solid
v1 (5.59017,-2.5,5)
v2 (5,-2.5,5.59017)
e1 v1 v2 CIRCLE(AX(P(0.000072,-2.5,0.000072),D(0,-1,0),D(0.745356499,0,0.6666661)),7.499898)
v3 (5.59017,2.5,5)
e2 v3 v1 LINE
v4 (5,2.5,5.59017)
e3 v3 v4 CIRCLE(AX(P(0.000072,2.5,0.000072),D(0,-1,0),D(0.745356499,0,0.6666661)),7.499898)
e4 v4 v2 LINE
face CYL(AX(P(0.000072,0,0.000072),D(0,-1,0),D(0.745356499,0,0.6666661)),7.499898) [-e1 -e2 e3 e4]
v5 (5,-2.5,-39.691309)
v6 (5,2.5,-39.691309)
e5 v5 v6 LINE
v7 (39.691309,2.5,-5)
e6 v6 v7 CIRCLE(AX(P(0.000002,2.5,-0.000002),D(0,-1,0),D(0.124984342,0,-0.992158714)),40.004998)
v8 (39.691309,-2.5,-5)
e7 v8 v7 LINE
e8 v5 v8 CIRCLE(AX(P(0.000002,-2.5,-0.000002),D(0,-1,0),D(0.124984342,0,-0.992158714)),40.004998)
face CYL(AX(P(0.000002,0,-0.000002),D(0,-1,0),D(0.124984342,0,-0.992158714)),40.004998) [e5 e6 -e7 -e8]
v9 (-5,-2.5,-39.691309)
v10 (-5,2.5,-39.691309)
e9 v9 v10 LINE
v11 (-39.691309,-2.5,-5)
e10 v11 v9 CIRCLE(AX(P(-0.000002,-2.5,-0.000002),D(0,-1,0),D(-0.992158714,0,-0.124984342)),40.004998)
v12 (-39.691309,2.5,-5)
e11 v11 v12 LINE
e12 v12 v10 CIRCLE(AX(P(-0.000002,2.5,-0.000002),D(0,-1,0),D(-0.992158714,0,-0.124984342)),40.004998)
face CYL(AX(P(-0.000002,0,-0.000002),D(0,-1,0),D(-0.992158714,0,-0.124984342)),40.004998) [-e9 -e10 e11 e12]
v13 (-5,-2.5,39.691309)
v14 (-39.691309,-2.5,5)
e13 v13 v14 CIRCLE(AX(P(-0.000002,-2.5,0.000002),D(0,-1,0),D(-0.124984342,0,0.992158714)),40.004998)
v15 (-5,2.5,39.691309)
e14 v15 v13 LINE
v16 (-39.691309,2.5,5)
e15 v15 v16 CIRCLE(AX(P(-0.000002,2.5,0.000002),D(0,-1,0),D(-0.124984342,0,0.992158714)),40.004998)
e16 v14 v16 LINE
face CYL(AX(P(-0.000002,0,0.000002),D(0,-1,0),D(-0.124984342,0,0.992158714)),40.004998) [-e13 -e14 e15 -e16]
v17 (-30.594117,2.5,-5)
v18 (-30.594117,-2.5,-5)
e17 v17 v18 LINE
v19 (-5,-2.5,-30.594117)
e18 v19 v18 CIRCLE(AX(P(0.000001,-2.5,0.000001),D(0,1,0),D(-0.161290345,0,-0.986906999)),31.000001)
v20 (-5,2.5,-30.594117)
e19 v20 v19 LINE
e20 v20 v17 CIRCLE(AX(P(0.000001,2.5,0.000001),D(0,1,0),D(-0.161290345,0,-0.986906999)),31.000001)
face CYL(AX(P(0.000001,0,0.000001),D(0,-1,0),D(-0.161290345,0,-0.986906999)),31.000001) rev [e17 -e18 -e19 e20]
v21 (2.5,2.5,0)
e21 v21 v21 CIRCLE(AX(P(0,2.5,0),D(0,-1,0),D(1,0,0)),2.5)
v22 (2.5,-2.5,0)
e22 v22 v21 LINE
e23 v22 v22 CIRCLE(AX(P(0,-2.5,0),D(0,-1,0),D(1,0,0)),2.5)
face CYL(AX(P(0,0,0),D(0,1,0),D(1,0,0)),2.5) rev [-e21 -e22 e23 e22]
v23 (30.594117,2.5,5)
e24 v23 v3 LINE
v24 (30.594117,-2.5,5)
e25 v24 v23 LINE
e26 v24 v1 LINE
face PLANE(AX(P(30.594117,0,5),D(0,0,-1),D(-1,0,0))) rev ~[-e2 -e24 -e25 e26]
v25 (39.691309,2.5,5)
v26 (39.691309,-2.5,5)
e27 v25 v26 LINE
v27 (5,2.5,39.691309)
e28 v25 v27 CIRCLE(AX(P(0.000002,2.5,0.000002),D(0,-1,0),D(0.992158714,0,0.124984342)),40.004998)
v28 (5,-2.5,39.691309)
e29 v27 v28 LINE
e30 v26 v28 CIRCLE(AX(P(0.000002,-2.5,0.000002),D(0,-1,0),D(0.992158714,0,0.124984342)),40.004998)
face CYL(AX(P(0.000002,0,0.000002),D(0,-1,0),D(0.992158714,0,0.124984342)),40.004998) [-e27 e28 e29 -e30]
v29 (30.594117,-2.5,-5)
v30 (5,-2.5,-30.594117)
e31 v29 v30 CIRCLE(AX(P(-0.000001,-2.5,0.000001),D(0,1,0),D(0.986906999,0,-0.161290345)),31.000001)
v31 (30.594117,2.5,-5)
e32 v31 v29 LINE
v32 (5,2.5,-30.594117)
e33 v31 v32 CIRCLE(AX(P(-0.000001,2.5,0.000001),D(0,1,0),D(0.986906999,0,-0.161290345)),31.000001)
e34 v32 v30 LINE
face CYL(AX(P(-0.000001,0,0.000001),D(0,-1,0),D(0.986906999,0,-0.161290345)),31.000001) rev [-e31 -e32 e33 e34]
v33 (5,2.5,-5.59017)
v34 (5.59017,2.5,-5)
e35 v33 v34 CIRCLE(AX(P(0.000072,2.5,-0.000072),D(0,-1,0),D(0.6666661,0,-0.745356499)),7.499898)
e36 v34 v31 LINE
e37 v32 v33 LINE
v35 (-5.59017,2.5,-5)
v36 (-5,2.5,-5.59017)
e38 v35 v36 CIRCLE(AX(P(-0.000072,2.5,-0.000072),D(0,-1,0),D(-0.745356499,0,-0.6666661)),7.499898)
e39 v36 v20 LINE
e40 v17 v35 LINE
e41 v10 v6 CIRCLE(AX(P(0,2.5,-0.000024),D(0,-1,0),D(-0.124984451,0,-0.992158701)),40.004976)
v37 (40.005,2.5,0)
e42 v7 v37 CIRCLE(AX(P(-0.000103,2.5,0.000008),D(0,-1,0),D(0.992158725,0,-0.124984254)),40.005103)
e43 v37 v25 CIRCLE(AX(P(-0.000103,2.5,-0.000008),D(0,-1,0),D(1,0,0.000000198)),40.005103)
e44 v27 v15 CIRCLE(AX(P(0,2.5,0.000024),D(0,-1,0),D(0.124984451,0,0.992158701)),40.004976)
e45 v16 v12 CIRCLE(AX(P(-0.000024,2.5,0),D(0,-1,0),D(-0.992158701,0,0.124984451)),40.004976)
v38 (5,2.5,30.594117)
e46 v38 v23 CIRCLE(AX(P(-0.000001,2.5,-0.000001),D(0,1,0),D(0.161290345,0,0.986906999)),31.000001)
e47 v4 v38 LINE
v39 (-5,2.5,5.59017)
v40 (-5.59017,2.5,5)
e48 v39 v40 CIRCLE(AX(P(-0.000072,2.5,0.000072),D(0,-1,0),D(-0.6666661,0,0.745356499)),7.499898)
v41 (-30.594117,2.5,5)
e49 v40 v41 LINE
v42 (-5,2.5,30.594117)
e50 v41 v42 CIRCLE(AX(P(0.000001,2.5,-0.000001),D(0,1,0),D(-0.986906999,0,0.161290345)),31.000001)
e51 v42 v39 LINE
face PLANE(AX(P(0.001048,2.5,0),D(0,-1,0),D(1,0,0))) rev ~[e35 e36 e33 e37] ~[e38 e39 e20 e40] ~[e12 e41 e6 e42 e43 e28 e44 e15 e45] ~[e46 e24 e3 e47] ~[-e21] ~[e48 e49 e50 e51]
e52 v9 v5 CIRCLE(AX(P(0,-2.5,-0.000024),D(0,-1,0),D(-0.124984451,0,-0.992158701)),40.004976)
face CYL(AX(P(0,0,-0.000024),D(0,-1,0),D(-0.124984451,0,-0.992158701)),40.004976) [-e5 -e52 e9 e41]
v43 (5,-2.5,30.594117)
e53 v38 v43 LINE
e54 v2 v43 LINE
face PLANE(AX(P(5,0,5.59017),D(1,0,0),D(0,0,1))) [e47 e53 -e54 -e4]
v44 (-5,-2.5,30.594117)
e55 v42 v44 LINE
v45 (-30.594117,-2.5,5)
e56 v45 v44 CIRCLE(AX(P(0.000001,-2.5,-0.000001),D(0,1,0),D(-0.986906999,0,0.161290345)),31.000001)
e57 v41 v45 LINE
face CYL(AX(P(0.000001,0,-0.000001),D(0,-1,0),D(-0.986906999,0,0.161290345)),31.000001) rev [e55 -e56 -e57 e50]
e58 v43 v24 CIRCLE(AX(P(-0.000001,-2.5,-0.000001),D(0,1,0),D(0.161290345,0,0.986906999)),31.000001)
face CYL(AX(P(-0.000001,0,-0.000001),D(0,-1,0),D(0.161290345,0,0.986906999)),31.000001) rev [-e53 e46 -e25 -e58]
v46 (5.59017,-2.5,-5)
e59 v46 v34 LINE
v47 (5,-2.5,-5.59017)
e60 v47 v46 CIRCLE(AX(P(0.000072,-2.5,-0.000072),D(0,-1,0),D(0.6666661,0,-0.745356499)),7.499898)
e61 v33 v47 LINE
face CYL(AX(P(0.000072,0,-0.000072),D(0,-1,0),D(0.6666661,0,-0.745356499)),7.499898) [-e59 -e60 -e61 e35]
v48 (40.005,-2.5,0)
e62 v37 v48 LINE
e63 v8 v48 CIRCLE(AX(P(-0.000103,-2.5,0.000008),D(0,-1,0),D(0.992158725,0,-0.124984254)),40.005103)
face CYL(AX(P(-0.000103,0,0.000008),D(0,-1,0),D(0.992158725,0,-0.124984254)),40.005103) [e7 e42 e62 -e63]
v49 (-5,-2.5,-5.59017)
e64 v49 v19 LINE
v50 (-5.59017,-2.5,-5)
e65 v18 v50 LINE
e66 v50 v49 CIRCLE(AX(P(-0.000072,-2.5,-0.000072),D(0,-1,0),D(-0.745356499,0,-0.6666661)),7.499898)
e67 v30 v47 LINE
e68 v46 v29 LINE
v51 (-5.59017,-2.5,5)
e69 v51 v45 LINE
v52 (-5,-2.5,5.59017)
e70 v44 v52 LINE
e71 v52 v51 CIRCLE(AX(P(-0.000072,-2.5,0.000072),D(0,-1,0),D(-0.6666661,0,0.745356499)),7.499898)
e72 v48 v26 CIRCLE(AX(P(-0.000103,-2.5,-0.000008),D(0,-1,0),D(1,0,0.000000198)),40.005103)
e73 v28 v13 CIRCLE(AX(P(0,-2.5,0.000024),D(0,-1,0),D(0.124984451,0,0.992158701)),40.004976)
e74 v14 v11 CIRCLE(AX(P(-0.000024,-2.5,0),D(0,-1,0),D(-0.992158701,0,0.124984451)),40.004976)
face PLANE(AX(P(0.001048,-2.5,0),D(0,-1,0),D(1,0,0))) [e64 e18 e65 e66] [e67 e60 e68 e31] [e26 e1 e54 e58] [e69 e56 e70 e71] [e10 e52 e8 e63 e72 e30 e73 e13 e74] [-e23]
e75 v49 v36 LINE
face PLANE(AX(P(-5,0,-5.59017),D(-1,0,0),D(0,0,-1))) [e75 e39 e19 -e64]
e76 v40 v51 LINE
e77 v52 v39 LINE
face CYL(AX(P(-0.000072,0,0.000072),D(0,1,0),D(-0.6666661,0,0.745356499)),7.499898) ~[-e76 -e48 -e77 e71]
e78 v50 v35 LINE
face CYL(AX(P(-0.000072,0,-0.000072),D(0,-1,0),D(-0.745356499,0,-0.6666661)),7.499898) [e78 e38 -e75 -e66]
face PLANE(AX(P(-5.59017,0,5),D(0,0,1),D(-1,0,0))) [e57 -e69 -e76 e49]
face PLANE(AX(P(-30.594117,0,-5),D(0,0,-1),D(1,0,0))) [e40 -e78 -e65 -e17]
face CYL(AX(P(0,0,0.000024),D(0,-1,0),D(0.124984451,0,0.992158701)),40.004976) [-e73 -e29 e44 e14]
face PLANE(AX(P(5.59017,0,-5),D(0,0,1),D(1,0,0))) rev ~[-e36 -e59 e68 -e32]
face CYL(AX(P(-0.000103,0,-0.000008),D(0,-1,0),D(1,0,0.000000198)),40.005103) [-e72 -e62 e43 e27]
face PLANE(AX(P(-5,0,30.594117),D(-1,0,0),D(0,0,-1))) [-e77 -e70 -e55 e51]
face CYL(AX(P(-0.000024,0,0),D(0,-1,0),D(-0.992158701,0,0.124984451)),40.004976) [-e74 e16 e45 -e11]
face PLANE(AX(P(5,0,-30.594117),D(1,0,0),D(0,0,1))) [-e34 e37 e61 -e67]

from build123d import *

# Parameters (mm, degrees)
F0_R     = 2.5
F1_DEPTH = 2.5


with BuildPart() as f1:
    # F0 (on Front) → F1 (new body, symmetric)
    with BuildSketch(Plane.XZ):
        with BuildLine():
            ThreePointArc((39.691309, -5), (39.9265, -2.504915), (40.005, 0))
            ThreePointArc((40.005, 0), (39.9265, 2.504915), (39.691309, 5))
            ThreePointArc((39.691309, 5), (28.287807, 28.287807), (5, 39.691309))
            ThreePointArc((5, 39.691309), (0, 40.005), (-5, 39.691309))
            ThreePointArc((-5, 39.691309), (-28.287807, 28.287807), (-39.691309, 5))
            ThreePointArc((-39.691309, 5), (-40.005, 0), (-39.691309, -5))
            ThreePointArc((-39.691309, -5), (-28.287807, -28.287807), (-5, -39.691309))
            ThreePointArc((-5, -39.691309), (0, -40.005), (5, -39.691309))
            ThreePointArc((5, -39.691309), (28.287807, -28.287807), (39.691309, -5))
        make_face()
        with BuildLine():
            ThreePointArc((-5, -30.594117), (-21.92031, -21.92031), (-30.594117, -5))
            Line((-30.594117, -5), (-5.59017, -5))
            ThreePointArc((-5.59017, -5), (-5.303301, -5.303301), (-5, -5.59017))
            Line((-5, -5.59017), (-5, -30.594117))
        make_face(mode=Mode.SUBTRACT)
        with BuildLine():
            ThreePointArc((5, -5.59017), (5.303301, -5.303301), (5.59017, -5))
            Line((5.59017, -5), (30.594117, -5))
            ThreePointArc((30.594117, -5), (21.92031, -21.92031), (5, -30.594117))
            Line((5, -30.594117), (5, -5.59017))
        make_face(mode=Mode.SUBTRACT)
        with BuildLine():
            Line((-5, 30.594117), (-5, 5.59017))
            ThreePointArc((-5, 5.59017), (-5.303301, 5.303301), (-5.59017, 5))
            Line((-5.59017, 5), (-30.594117, 5))
            ThreePointArc((-30.594117, 5), (-21.92031, 21.92031), (-5, 30.594117))
        make_face(mode=Mode.SUBTRACT)
        Circle(F0_R, mode=Mode.SUBTRACT)
        with BuildLine():
            Line((30.594117, 5), (5.59017, 5))
            ThreePointArc((5.59017, 5), (5.303301, 5.303301), (5, 5.59017))
            Line((5, 5.59017), (5, 30.594117))
            ThreePointArc((5, 30.594117), (21.92031, 21.92031), (30.594117, 5))
        make_face(mode=Mode.SUBTRACT)
    extrude(amount=F1_DEPTH, both=True)


solid = f1.part
